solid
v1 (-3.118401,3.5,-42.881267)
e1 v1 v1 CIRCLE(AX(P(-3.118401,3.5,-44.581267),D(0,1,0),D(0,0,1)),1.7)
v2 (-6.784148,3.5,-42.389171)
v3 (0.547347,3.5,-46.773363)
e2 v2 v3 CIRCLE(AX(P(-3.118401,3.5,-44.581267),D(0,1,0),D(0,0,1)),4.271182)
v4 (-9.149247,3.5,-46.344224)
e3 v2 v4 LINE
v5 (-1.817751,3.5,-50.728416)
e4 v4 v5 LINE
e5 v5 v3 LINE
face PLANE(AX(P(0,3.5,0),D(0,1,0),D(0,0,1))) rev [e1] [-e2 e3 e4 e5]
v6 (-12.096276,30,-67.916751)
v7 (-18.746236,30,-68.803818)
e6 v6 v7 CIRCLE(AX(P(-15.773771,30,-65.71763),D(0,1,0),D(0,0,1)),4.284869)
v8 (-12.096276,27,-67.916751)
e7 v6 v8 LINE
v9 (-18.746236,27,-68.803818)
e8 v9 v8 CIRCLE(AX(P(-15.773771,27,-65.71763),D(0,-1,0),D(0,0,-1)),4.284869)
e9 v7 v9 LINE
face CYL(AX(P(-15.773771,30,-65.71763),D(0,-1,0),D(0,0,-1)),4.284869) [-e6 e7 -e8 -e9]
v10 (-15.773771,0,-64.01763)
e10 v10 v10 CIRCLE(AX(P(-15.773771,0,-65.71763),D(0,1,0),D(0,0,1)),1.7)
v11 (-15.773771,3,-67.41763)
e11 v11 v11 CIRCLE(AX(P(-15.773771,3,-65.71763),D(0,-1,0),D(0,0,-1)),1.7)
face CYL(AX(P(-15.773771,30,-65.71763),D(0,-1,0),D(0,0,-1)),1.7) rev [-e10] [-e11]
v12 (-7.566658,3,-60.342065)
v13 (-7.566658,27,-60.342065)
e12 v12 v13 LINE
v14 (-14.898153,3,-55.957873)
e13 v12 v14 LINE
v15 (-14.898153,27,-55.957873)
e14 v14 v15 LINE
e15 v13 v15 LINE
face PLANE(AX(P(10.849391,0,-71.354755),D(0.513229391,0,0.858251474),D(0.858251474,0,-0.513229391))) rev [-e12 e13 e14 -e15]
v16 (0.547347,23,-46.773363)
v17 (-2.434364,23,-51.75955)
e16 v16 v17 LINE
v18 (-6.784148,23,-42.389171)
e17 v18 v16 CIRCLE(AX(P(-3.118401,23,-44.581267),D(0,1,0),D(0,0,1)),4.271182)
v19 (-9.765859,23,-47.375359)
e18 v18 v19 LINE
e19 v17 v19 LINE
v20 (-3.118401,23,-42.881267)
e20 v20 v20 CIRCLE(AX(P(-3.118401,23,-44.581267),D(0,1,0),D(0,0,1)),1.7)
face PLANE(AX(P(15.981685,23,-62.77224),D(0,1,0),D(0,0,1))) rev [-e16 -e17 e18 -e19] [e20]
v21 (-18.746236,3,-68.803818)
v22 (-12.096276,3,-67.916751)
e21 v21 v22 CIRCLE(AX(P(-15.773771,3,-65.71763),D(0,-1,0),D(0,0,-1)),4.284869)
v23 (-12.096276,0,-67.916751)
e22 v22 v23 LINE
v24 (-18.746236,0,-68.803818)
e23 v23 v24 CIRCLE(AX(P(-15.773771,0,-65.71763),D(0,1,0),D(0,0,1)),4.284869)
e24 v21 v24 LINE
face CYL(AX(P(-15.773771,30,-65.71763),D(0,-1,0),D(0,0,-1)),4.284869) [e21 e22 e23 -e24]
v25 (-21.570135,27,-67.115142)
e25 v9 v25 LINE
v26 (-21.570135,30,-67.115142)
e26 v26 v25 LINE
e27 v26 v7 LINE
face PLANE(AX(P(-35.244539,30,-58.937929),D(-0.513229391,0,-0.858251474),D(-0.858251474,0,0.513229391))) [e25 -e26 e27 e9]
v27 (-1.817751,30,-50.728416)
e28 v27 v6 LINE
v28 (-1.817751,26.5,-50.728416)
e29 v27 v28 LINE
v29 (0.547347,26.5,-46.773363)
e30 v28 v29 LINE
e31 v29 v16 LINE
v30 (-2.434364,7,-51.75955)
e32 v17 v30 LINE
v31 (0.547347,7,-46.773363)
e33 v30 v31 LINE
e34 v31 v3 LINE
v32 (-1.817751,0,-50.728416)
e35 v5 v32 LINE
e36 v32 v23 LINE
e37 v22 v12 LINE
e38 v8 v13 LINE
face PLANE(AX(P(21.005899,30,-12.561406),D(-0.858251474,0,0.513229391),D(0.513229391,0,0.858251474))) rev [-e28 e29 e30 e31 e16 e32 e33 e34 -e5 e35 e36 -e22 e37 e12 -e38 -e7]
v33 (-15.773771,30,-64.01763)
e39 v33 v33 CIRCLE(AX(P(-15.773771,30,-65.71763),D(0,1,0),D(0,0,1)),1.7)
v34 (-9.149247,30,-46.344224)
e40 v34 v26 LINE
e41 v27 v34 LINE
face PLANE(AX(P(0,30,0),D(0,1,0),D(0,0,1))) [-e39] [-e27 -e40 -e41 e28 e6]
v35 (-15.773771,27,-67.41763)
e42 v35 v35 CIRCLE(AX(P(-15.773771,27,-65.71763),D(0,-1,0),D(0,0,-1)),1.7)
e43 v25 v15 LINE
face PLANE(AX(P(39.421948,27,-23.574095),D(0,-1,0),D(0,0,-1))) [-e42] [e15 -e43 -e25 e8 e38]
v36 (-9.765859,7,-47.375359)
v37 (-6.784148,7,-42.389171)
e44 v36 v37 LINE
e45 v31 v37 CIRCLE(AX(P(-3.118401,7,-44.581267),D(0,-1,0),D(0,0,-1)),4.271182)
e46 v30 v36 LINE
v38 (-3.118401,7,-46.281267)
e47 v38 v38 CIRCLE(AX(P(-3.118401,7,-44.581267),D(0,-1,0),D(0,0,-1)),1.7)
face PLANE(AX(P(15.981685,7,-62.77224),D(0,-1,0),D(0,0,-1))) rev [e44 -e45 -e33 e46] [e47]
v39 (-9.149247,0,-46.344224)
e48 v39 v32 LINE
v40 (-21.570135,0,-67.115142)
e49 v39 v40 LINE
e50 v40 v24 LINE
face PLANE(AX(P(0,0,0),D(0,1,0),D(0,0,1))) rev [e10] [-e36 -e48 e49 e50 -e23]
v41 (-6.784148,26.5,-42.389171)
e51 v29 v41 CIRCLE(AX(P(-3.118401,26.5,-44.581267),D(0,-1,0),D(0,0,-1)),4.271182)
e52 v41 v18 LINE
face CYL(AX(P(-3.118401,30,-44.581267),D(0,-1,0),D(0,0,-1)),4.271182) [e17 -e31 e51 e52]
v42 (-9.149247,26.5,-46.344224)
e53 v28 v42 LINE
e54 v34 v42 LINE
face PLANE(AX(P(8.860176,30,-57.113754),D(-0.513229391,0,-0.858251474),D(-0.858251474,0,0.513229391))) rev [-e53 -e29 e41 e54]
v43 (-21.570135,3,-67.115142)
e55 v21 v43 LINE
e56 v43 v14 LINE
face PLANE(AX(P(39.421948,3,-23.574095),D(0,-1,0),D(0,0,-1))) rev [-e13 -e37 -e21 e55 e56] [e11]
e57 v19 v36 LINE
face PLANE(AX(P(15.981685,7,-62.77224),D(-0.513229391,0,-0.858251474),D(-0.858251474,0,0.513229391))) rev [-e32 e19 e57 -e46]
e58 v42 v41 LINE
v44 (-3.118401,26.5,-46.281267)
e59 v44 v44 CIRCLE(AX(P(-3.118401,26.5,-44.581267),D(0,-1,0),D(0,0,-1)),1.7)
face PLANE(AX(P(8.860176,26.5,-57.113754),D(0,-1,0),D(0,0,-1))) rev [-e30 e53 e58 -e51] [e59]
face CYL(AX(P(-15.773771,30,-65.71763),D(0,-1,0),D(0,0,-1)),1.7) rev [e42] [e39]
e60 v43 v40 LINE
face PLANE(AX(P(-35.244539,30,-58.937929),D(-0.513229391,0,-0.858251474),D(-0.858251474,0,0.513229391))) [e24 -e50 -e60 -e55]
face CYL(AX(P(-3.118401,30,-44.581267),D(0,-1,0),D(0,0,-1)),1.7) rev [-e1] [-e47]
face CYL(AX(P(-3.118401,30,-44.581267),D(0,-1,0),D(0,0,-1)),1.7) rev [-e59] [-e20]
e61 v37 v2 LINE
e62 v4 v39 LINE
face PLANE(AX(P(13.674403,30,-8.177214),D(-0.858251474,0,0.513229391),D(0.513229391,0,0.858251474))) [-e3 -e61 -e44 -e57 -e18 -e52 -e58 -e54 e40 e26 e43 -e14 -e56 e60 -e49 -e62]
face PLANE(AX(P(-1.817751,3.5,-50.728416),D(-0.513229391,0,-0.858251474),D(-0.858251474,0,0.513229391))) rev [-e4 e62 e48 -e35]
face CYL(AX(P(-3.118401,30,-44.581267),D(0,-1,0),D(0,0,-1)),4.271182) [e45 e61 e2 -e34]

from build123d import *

# Parameters (mm, degrees)
SKETCH1_R           = 1.7
BOSS_EXTRUDE1_DEPTH = 30
SKETCH2_W           = 13
SKETCH2_H           = 24
SKETCH2_W_2         = 7.133537961
CUT_EXTRUDE2_DEPTH  = 30
SKETCH3_W           = 16.393620584
SKETCH3_H           = 16
CUT_EXTRUDE3_DEPTH  = 30
CUT_EXTRUDE4_DEPTH  = 3.5
CUT_EXTRUDE5_DEPTH  = 78.230456788


with BuildPart() as part:
    # Sketch1 → Boss-Extrude1 (new body)
    with BuildSketch(Plane(origin=(0, 0, 0), x_dir=(1, 0, 0), z_dir=(0, 1, 0))):
        with BuildLine():
            Line((0.547347337, 46.773363131), (-12.096275709, 67.916751063))
            ThreePointArc((-12.096275709, 67.916751063), (-15.207212104, 69.964878097), (-18.746235825, 68.803817933))
            Line((-18.746235825, 68.803817933), (-21.570135396, 67.115142409))
            Line((-21.570135396, 67.115142409), (-6.784148434, 42.389171288))
            ThreePointArc((-6.784148434, 42.389171288), (-0.926304627, 40.915519323), (0.547347337, 46.773363131))
        make_face()
        with Locations(Location((-3.118400548, 44.581267209, 0), (0, 0, 270))):
            Circle(SKETCH1_R, mode=Mode.SUBTRACT)
        with Locations(Location((-15.773770801, 65.71763038, 0), (0, 0, 270))):
            Circle(SKETCH1_R, mode=Mode.SUBTRACT)
    extrude(amount=BOSS_EXTRUDE1_DEPTH)

    # Sketch2 → Cut-Extrude2 (cut)
    with BuildSketch(Plane(origin=(13.674403301, 0, -8.177213665), x_dir=(0.5132293910361586, 0, 0.8582514737398672), z_dir=(-0.8582514737398672, 0, 0.5132293910361586))):
        with Locations((-62.172097336, 15)):
            Rectangle(SKETCH2_W, SKETCH2_H)
        with Locations((-72.238866317, 15)):
            Rectangle(SKETCH2_W_2, SKETCH2_H)
    extrude(amount=-CUT_EXTRUDE2_DEPTH, mode=Mode.SUBTRACT)

    # Sketch3 → Cut-Extrude3 (cut)
    with BuildSketch(Plane(origin=(13.674403301, 0, -8.177213665), x_dir=(0.5132293910361586, 0, 0.8582514737398672), z_dir=(-0.8582514737398672, 0, 0.5132293910361586))):
        with Locations((-37.475287044, 15)):
            Rectangle(SKETCH3_W, SKETCH3_H)
    extrude(amount=-CUT_EXTRUDE3_DEPTH, mode=Mode.SUBTRACT)

    # Sketch7 → Cut-Extrude4 (cut)
    with BuildSketch(Plane(origin=(0, 0, 0), x_dir=(-1, 0, 0), z_dir=(0, -1, 0))):
        Polygon((1.817751365, 50.728416138), (9.149247136, 46.344224296), (4.210618406, 38.085567524), (-3.391020631, 42.018010382), align=None)
    extrude(amount=-CUT_EXTRUDE4_DEPTH, mode=Mode.SUBTRACT)

    # Sketch9 → Cut-Extrude5 (cut, through all)
    with BuildSketch(Plane(origin=(13.674403301, 0, -8.177213665), x_dir=(0.5132293910361586, 0, 0.8582514737398672), z_dir=(-0.8582514737398672, 0, 0.5132293910361586))):
        Polygon((-44.470661337, 30), (-44.470661337, 26.5), (-33.41668301, 26.5), (-33.41668301, 30.544862053), (-44.470661337, 30.544862053), align=None)
    extrude(amount=-CUT_EXTRUDE5_DEPTH, mode=Mode.SUBTRACT)


solid = part.part
